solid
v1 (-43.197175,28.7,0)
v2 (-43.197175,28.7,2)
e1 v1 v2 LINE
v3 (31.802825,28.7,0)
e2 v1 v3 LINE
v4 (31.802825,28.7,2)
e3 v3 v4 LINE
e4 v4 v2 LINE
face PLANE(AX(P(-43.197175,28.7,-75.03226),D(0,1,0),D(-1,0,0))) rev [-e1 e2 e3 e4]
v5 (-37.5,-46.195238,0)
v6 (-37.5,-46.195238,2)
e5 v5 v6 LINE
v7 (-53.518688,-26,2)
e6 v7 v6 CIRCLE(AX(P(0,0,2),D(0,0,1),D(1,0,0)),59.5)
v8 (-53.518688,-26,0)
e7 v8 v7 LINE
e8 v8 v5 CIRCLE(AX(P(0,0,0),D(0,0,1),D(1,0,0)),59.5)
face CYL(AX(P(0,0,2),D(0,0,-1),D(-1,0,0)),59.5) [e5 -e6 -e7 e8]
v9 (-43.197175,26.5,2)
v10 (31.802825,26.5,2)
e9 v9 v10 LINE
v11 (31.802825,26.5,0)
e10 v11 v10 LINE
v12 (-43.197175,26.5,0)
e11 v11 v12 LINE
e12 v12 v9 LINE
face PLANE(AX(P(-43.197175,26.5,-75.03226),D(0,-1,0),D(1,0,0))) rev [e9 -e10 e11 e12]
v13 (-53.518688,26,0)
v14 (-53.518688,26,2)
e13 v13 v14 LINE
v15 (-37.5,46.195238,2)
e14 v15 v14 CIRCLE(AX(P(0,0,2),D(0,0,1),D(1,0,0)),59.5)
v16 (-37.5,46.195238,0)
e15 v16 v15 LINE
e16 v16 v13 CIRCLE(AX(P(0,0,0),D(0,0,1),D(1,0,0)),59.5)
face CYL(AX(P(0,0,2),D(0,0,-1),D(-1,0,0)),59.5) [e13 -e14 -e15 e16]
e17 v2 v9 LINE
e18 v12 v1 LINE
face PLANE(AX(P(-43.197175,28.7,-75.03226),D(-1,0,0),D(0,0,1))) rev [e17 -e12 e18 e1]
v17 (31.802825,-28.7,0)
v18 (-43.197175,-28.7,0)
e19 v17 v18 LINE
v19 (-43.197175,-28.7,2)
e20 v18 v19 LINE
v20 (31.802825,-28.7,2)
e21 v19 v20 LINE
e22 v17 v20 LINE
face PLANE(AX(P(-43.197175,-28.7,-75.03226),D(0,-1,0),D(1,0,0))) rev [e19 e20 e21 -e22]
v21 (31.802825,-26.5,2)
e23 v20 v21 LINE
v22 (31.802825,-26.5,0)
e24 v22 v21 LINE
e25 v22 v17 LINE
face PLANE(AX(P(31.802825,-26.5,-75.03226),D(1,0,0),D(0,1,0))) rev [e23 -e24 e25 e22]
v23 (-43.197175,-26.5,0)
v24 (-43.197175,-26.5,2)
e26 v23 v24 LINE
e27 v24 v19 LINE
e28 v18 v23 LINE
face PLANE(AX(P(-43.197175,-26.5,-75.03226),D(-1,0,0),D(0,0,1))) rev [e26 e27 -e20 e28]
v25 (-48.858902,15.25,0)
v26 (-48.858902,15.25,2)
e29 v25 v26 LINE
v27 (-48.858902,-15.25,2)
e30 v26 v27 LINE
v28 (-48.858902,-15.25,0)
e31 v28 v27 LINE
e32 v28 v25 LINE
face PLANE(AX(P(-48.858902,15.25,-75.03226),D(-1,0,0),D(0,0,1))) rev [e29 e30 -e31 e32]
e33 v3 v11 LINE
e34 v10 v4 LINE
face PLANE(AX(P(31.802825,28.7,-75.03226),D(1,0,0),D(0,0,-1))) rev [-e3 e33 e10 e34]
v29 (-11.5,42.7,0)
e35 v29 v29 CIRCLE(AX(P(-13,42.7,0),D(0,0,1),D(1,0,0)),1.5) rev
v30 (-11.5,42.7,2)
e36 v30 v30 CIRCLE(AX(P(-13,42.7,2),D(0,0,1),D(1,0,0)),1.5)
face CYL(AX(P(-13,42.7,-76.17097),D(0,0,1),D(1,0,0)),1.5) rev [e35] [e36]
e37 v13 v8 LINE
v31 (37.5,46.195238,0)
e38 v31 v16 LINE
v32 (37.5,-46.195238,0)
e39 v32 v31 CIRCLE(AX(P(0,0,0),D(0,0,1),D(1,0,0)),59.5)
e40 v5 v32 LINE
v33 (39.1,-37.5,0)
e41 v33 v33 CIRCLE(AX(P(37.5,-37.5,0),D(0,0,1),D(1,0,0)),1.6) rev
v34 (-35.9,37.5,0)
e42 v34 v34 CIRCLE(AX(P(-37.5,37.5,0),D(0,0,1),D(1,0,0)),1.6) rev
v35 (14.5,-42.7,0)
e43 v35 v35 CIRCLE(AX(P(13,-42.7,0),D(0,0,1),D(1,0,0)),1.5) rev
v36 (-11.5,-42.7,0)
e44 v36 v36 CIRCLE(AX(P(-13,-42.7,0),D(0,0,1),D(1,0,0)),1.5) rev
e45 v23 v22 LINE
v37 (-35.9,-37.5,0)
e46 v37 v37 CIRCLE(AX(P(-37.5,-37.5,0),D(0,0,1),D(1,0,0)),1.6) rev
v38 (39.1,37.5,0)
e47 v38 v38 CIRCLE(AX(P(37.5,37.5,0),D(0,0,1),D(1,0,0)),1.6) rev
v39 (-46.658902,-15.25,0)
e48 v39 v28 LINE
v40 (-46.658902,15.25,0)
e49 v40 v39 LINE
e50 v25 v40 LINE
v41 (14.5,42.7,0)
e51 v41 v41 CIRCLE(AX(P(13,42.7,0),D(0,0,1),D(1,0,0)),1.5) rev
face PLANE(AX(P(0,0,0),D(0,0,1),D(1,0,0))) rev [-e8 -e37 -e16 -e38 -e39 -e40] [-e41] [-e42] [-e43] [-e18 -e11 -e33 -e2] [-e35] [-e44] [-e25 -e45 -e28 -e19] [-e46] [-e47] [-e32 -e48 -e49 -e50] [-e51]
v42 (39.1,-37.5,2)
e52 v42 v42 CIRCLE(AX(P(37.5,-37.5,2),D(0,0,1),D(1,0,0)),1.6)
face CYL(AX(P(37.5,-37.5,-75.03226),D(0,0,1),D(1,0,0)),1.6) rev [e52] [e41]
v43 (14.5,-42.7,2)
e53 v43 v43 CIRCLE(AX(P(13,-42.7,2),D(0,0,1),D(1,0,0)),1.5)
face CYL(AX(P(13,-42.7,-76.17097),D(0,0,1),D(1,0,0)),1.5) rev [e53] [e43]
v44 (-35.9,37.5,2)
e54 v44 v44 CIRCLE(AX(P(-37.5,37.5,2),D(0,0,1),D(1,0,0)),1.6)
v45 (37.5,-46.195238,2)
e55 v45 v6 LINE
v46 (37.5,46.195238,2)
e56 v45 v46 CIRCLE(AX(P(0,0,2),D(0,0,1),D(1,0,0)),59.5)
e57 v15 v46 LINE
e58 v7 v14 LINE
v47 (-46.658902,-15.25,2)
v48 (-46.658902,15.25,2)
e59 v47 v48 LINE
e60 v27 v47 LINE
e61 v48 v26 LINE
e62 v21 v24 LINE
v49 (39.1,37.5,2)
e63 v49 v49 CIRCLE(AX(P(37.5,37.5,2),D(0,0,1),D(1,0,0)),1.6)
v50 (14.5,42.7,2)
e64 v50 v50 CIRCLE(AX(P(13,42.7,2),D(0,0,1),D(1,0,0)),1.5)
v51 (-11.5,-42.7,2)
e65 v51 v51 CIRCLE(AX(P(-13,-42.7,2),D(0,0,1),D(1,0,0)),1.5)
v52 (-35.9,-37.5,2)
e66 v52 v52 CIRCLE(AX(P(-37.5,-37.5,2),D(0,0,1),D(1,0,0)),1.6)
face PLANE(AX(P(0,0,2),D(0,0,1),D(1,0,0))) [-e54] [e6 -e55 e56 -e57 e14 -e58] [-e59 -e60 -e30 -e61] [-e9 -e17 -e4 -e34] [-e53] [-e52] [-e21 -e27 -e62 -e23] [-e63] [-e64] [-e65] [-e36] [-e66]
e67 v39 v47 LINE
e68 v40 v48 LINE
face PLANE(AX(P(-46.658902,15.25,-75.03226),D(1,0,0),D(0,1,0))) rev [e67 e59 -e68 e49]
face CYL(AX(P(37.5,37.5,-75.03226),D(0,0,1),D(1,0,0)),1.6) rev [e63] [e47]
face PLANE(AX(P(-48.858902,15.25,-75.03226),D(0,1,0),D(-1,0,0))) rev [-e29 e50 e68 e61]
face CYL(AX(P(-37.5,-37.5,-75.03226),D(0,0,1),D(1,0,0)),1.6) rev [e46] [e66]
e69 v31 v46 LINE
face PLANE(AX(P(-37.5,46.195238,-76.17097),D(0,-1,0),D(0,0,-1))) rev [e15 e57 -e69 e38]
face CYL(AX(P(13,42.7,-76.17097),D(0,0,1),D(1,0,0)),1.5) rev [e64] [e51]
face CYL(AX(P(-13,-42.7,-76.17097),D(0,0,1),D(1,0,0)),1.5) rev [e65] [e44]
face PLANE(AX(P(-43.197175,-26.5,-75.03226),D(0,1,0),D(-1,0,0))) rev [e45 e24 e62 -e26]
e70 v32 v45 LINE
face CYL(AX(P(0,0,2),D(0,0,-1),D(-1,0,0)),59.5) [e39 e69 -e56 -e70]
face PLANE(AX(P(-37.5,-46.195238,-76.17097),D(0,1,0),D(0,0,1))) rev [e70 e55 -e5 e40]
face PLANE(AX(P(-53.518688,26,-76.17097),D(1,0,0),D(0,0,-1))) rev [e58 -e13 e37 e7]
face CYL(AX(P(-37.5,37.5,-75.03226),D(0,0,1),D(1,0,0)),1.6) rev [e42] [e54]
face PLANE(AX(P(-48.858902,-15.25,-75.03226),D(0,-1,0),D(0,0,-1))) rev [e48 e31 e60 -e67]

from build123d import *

# Parameters (mm, degrees)
SKIZZE1_R                       = 59.5
AUFSATZ_LINEAR_AUSTRAGEN1_DEPTH = 2
SKIZZE2_R                       = 1.6
SKIZZE2_W                       = 75
SKIZZE2_H                       = 2.2
SKIZZE2_W_2                     = 2.2
SKIZZE2_H_2                     = 30.5
SCHNITT_LINEAR_AUSTRAGEN1_DEPTH = 2
SKIZZE3_R                       = 1.5
SKIZZE3_W                       = 75
SKIZZE3_H                       = 13.30476215
SKIZZE3_W_2                     = 5.981311675
SKIZZE3_H_2                     = 52
SCHNITT_LINEAR_AUSTRAGEN2_DEPTH = 2


with BuildPart() as part:
    # Skizze1 → Aufsatz-Linear austragen1 (new body)
    with BuildSketch(Plane.XY):
        Circle(SKIZZE1_R)
    extrude(amount=AUFSATZ_LINEAR_AUSTRAGEN1_DEPTH)

    # Skizze2 → Schnitt-Linear austragen1 (cut)
    with BuildSketch(Plane.XY.offset(2)):
        with Locations((37.5, -37.5)):
            Circle(SKIZZE2_R)
        with Locations((-37.5, -37.5)):
            Circle(SKIZZE2_R)
        with Locations((-37.5, 37.5)):
            Circle(SKIZZE2_R)
        with Locations((37.5, 37.5)):
            Circle(SKIZZE2_R)
        with Locations((-5.697175449, 27.6)):
            Rectangle(SKIZZE2_W, SKIZZE2_H)
        with Locations((-5.697175449, -27.6)):
            Rectangle(SKIZZE2_W, SKIZZE2_H)
        with Locations((-47.758902381, 0)):
            Rectangle(SKIZZE2_W_2, SKIZZE2_H_2)
    extrude(amount=-SCHNITT_LINEAR_AUSTRAGEN1_DEPTH, mode=Mode.SUBTRACT)

    # Skizze3 → Schnitt-Linear austragen2 (cut)
    with BuildSketch(Plane.XY.offset(2)):
        with Locations((-13, -42.7)):
            Circle(SKIZZE3_R)
        with Locations((13, -42.7)):
            Circle(SKIZZE3_R)
        with Locations((-13, 42.7)):
            Circle(SKIZZE3_R)
        with Locations((13, 42.7)):
            Circle(SKIZZE3_R)
        with Locations((0, 52.847618925)):
            Rectangle(SKIZZE3_W, SKIZZE3_H)
        with Locations((0, -52.847618925)):
            Rectangle(SKIZZE3_W, SKIZZE3_H)
        with Locations((-56.509344163, 0)):
            Rectangle(SKIZZE3_W_2, SKIZZE3_H_2)
    extrude(amount=-SCHNITT_LINEAR_AUSTRAGEN2_DEPTH, mode=Mode.SUBTRACT)


solid = part.part
